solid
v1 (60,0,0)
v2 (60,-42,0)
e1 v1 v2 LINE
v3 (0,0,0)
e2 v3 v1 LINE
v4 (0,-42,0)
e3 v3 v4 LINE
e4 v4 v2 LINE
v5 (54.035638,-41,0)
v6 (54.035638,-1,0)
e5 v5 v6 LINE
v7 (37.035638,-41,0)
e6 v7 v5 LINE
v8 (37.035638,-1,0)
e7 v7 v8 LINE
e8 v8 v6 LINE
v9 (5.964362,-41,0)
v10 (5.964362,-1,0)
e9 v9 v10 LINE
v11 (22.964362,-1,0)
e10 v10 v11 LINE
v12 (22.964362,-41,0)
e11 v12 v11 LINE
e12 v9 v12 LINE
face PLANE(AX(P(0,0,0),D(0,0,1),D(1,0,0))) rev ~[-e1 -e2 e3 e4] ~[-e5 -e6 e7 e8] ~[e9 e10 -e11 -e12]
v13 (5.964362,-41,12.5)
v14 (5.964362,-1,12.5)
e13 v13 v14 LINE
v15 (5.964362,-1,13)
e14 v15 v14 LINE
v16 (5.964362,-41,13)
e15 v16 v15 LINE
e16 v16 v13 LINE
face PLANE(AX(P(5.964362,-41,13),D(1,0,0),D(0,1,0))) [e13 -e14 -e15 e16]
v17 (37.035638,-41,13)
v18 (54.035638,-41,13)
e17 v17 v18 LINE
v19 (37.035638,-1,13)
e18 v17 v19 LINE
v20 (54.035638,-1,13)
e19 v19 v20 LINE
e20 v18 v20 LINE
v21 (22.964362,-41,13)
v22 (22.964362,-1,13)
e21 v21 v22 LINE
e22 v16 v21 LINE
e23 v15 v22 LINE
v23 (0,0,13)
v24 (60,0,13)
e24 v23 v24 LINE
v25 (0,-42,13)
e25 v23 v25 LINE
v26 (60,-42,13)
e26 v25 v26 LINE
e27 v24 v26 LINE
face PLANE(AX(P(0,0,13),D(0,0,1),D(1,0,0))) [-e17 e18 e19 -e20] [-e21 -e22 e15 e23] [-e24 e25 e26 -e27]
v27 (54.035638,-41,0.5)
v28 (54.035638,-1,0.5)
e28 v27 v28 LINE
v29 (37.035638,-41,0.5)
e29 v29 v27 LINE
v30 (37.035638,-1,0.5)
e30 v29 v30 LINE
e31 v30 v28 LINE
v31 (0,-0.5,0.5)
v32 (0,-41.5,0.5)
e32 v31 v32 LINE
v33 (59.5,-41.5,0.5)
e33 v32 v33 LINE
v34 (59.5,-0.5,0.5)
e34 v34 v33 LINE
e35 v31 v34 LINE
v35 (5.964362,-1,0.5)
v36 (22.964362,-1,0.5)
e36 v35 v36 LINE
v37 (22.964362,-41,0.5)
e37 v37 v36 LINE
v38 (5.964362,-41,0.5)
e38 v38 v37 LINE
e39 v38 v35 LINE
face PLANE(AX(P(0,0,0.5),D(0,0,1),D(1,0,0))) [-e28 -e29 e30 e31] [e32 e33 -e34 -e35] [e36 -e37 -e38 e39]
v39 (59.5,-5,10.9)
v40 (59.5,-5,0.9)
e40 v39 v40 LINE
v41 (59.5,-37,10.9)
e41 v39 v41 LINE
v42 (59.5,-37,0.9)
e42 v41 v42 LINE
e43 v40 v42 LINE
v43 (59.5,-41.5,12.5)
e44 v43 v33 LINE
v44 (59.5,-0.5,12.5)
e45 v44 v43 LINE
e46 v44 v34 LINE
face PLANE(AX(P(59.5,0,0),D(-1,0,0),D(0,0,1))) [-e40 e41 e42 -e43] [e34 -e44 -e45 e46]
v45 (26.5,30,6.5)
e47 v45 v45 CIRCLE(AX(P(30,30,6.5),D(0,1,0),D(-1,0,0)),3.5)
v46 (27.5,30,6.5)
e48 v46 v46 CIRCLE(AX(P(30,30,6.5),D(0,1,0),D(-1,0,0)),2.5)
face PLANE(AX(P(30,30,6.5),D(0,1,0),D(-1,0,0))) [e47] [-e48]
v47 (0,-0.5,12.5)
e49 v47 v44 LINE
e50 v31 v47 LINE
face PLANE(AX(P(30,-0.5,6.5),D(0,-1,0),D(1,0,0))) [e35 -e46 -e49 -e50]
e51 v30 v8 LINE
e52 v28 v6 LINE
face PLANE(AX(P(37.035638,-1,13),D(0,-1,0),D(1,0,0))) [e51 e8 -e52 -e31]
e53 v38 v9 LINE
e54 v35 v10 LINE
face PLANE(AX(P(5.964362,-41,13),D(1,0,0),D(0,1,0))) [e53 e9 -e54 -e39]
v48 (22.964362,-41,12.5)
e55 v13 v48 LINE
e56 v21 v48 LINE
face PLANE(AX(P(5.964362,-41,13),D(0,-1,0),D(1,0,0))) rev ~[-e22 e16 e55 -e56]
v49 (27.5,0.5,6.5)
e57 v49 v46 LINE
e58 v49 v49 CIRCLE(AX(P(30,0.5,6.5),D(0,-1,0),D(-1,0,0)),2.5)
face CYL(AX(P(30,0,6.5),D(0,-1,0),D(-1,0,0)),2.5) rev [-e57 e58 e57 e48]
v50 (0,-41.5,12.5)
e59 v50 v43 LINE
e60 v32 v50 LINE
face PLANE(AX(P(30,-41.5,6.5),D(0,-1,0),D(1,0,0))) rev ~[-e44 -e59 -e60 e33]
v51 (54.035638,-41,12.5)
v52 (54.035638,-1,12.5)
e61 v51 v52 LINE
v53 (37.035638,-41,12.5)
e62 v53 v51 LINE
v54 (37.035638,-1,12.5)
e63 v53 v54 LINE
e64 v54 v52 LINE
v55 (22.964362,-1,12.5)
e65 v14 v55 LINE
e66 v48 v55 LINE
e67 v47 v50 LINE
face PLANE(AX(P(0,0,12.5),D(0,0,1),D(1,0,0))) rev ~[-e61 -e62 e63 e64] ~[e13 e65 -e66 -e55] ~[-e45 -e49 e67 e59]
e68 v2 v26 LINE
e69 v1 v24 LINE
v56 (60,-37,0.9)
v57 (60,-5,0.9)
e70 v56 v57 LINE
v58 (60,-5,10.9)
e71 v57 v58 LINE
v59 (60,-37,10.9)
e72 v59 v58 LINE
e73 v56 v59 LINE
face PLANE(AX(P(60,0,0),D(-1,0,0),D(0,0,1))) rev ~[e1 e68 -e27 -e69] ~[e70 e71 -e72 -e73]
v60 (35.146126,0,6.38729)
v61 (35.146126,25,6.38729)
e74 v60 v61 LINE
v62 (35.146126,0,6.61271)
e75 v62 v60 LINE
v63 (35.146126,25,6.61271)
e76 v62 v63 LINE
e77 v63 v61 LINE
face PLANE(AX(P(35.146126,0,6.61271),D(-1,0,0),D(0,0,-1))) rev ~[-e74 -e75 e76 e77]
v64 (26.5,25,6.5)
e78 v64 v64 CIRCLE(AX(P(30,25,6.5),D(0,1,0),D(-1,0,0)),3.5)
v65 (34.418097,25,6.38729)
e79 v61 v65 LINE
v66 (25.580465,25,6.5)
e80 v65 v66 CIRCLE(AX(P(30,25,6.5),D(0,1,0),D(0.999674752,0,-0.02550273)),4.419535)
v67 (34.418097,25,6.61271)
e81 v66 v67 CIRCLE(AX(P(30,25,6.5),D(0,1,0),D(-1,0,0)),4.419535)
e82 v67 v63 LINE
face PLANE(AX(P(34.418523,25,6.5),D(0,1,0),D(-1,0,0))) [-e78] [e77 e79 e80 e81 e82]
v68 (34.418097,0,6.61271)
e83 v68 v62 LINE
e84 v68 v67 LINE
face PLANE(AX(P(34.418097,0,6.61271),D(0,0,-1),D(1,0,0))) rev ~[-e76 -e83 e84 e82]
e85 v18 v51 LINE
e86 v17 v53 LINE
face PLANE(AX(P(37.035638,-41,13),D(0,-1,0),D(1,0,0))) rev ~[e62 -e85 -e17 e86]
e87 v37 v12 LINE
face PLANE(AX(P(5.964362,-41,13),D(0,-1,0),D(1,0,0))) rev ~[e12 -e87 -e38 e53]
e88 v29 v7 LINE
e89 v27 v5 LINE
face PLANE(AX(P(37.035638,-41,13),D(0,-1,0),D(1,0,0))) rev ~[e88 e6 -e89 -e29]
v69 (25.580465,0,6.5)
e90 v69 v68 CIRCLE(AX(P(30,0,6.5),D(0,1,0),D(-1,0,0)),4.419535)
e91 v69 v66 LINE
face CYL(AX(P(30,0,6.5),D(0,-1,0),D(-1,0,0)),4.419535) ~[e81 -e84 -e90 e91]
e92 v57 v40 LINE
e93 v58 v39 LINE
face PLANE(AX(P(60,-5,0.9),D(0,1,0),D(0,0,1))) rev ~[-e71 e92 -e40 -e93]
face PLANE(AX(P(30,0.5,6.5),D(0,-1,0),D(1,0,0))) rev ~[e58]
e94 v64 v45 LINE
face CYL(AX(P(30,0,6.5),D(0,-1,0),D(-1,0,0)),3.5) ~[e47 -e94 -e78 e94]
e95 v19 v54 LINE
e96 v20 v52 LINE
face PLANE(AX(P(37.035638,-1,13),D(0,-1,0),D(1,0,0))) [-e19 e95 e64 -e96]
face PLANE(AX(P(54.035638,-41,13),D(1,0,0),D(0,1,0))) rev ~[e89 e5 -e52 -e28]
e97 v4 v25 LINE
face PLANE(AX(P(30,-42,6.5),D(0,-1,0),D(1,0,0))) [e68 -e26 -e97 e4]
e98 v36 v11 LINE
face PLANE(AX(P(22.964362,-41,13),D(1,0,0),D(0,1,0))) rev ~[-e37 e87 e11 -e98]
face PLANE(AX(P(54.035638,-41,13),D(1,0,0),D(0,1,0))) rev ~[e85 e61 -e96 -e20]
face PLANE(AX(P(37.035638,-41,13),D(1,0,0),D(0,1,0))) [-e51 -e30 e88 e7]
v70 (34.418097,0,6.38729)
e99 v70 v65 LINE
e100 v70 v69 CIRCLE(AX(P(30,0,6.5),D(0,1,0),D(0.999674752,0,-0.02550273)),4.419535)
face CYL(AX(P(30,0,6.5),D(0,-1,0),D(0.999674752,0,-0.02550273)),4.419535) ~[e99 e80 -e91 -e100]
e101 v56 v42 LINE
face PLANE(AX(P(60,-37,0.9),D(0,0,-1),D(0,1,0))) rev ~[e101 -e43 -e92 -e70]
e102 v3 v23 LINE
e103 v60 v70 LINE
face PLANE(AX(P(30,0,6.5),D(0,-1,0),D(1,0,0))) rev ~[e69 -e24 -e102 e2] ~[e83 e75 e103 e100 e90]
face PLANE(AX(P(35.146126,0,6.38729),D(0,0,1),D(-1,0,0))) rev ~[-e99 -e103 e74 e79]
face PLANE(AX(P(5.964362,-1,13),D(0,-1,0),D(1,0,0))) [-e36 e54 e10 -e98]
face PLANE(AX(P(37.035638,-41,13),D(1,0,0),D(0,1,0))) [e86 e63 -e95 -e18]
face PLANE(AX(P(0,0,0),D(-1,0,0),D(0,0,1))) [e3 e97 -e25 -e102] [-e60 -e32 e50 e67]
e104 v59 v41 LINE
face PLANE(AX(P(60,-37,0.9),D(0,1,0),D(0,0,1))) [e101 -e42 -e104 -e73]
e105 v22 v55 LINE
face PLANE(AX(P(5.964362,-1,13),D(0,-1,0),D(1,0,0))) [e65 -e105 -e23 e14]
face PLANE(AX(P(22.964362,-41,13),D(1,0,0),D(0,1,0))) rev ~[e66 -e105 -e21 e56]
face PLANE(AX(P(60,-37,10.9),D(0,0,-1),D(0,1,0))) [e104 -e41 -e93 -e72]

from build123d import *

# Parameters (mm, degrees)
F0_W      = 60
F0_H      = 13
F1_DEPTH  = 42
F2_T      = -0.5
F3_W      = 32
F3_H      = 10
F4_DEPTH  = 25
F5_W      = 17
F5_H      = 40
F6_DEPTH  = 25
F7_R      = 3.5
F8_DEPTH  = 30
F9_T      = -1
F10_R     = 3.5
F11_DEPTH = 25


with BuildPart() as f1:
    # F0 (on Front) → F1 (new body)
    with BuildSketch(Plane.XZ):
        with Locations((30, 6.5)):
            Rectangle(F0_W, F0_H)
    extrude(amount=F1_DEPTH)

    # F2
    f2_openings = [f1.faces().sort_by_distance(p)[0] for p in [
        (0, -21, 6.5),
    ]]
    offset(amount=F2_T, openings=f2_openings)

    # F3 (on face) → F4 (cut)
    with BuildSketch(Plane.YZ.offset(60)):
        with Locations((-21, 5.9)):
            Rectangle(F3_W, F3_H)
    extrude(amount=-F4_DEPTH, mode=Mode.SUBTRACT)

    # F5 (on face) → F6 (cut)
    with BuildSketch(Plane.XY.offset(13)):
        with Locations((14.4643624128, -21)):
            Rectangle(F5_W, F5_H)
        with Locations((45.5356375872, -21)):
            Rectangle(F5_W, F5_H)
    extrude(amount=-F6_DEPTH, mode=Mode.SUBTRACT)

    # F7 (on face) → F8 (join)
    with BuildSketch(Plane(origin=(0, 0, 0), x_dir=(-1, 0, 0), z_dir=(0, 1, 0))):
        with Locations((-30, 6.5)):
            Circle(F7_R)
    extrude(amount=F8_DEPTH)

    # F9
    f9_openings = [f1.faces().sort_by_distance(p)[0] for p in [
        (30, 30, 6.5),
    ]]
    offset(amount=F9_T, openings=f9_openings)

    # F10 (on face) → F11 (join)
    with BuildSketch(Plane(origin=(0, 0, 0), x_dir=(-1, 0, 0), z_dir=(0, 1, 0))):
        with BuildLine():
            Line((-34.4180972565, 6.3872897981), (-34.4180972565, 6.6127102019))
            ThreePointArc((-34.4180972565, 6.6127102019), (-34.4195346992, 6.5), (-34.4180972565, 6.3872897981))
        make_face()
        with BuildLine():
            ThreePointArc((-34.4180972565, 6.3872897981), (-29.9436403161, 2.0808246761), (-25.5804653008, 6.5))
            ThreePointArc((-25.5804653008, 6.5), (-29.9436403161, 10.9191753239), (-34.4180972565, 6.6127102019))
            Line((-34.4180972565, 6.6127102019), (-34.4180972565, 6.3872897981))
        make_face()
        with Locations((-30, 6.5)):
            Circle(F10_R, mode=Mode.SUBTRACT)
        with BuildLine():
            ThreePointArc((-34.4180972565, 6.3872897981), (-34.4195346992, 6.5), (-34.4180972565, 6.6127102019))
            Line((-34.4180972565, 6.6127102019), (-35.146126033, 6.6127102019))
            Line((-35.146126033, 6.6127102019), (-35.146126033, 6.3872897981))
            Line((-35.146126033, 6.3872897981), (-34.4180972565, 6.3872897981))
        make_face()
    extrude(amount=F11_DEPTH)


solid = f1.part
